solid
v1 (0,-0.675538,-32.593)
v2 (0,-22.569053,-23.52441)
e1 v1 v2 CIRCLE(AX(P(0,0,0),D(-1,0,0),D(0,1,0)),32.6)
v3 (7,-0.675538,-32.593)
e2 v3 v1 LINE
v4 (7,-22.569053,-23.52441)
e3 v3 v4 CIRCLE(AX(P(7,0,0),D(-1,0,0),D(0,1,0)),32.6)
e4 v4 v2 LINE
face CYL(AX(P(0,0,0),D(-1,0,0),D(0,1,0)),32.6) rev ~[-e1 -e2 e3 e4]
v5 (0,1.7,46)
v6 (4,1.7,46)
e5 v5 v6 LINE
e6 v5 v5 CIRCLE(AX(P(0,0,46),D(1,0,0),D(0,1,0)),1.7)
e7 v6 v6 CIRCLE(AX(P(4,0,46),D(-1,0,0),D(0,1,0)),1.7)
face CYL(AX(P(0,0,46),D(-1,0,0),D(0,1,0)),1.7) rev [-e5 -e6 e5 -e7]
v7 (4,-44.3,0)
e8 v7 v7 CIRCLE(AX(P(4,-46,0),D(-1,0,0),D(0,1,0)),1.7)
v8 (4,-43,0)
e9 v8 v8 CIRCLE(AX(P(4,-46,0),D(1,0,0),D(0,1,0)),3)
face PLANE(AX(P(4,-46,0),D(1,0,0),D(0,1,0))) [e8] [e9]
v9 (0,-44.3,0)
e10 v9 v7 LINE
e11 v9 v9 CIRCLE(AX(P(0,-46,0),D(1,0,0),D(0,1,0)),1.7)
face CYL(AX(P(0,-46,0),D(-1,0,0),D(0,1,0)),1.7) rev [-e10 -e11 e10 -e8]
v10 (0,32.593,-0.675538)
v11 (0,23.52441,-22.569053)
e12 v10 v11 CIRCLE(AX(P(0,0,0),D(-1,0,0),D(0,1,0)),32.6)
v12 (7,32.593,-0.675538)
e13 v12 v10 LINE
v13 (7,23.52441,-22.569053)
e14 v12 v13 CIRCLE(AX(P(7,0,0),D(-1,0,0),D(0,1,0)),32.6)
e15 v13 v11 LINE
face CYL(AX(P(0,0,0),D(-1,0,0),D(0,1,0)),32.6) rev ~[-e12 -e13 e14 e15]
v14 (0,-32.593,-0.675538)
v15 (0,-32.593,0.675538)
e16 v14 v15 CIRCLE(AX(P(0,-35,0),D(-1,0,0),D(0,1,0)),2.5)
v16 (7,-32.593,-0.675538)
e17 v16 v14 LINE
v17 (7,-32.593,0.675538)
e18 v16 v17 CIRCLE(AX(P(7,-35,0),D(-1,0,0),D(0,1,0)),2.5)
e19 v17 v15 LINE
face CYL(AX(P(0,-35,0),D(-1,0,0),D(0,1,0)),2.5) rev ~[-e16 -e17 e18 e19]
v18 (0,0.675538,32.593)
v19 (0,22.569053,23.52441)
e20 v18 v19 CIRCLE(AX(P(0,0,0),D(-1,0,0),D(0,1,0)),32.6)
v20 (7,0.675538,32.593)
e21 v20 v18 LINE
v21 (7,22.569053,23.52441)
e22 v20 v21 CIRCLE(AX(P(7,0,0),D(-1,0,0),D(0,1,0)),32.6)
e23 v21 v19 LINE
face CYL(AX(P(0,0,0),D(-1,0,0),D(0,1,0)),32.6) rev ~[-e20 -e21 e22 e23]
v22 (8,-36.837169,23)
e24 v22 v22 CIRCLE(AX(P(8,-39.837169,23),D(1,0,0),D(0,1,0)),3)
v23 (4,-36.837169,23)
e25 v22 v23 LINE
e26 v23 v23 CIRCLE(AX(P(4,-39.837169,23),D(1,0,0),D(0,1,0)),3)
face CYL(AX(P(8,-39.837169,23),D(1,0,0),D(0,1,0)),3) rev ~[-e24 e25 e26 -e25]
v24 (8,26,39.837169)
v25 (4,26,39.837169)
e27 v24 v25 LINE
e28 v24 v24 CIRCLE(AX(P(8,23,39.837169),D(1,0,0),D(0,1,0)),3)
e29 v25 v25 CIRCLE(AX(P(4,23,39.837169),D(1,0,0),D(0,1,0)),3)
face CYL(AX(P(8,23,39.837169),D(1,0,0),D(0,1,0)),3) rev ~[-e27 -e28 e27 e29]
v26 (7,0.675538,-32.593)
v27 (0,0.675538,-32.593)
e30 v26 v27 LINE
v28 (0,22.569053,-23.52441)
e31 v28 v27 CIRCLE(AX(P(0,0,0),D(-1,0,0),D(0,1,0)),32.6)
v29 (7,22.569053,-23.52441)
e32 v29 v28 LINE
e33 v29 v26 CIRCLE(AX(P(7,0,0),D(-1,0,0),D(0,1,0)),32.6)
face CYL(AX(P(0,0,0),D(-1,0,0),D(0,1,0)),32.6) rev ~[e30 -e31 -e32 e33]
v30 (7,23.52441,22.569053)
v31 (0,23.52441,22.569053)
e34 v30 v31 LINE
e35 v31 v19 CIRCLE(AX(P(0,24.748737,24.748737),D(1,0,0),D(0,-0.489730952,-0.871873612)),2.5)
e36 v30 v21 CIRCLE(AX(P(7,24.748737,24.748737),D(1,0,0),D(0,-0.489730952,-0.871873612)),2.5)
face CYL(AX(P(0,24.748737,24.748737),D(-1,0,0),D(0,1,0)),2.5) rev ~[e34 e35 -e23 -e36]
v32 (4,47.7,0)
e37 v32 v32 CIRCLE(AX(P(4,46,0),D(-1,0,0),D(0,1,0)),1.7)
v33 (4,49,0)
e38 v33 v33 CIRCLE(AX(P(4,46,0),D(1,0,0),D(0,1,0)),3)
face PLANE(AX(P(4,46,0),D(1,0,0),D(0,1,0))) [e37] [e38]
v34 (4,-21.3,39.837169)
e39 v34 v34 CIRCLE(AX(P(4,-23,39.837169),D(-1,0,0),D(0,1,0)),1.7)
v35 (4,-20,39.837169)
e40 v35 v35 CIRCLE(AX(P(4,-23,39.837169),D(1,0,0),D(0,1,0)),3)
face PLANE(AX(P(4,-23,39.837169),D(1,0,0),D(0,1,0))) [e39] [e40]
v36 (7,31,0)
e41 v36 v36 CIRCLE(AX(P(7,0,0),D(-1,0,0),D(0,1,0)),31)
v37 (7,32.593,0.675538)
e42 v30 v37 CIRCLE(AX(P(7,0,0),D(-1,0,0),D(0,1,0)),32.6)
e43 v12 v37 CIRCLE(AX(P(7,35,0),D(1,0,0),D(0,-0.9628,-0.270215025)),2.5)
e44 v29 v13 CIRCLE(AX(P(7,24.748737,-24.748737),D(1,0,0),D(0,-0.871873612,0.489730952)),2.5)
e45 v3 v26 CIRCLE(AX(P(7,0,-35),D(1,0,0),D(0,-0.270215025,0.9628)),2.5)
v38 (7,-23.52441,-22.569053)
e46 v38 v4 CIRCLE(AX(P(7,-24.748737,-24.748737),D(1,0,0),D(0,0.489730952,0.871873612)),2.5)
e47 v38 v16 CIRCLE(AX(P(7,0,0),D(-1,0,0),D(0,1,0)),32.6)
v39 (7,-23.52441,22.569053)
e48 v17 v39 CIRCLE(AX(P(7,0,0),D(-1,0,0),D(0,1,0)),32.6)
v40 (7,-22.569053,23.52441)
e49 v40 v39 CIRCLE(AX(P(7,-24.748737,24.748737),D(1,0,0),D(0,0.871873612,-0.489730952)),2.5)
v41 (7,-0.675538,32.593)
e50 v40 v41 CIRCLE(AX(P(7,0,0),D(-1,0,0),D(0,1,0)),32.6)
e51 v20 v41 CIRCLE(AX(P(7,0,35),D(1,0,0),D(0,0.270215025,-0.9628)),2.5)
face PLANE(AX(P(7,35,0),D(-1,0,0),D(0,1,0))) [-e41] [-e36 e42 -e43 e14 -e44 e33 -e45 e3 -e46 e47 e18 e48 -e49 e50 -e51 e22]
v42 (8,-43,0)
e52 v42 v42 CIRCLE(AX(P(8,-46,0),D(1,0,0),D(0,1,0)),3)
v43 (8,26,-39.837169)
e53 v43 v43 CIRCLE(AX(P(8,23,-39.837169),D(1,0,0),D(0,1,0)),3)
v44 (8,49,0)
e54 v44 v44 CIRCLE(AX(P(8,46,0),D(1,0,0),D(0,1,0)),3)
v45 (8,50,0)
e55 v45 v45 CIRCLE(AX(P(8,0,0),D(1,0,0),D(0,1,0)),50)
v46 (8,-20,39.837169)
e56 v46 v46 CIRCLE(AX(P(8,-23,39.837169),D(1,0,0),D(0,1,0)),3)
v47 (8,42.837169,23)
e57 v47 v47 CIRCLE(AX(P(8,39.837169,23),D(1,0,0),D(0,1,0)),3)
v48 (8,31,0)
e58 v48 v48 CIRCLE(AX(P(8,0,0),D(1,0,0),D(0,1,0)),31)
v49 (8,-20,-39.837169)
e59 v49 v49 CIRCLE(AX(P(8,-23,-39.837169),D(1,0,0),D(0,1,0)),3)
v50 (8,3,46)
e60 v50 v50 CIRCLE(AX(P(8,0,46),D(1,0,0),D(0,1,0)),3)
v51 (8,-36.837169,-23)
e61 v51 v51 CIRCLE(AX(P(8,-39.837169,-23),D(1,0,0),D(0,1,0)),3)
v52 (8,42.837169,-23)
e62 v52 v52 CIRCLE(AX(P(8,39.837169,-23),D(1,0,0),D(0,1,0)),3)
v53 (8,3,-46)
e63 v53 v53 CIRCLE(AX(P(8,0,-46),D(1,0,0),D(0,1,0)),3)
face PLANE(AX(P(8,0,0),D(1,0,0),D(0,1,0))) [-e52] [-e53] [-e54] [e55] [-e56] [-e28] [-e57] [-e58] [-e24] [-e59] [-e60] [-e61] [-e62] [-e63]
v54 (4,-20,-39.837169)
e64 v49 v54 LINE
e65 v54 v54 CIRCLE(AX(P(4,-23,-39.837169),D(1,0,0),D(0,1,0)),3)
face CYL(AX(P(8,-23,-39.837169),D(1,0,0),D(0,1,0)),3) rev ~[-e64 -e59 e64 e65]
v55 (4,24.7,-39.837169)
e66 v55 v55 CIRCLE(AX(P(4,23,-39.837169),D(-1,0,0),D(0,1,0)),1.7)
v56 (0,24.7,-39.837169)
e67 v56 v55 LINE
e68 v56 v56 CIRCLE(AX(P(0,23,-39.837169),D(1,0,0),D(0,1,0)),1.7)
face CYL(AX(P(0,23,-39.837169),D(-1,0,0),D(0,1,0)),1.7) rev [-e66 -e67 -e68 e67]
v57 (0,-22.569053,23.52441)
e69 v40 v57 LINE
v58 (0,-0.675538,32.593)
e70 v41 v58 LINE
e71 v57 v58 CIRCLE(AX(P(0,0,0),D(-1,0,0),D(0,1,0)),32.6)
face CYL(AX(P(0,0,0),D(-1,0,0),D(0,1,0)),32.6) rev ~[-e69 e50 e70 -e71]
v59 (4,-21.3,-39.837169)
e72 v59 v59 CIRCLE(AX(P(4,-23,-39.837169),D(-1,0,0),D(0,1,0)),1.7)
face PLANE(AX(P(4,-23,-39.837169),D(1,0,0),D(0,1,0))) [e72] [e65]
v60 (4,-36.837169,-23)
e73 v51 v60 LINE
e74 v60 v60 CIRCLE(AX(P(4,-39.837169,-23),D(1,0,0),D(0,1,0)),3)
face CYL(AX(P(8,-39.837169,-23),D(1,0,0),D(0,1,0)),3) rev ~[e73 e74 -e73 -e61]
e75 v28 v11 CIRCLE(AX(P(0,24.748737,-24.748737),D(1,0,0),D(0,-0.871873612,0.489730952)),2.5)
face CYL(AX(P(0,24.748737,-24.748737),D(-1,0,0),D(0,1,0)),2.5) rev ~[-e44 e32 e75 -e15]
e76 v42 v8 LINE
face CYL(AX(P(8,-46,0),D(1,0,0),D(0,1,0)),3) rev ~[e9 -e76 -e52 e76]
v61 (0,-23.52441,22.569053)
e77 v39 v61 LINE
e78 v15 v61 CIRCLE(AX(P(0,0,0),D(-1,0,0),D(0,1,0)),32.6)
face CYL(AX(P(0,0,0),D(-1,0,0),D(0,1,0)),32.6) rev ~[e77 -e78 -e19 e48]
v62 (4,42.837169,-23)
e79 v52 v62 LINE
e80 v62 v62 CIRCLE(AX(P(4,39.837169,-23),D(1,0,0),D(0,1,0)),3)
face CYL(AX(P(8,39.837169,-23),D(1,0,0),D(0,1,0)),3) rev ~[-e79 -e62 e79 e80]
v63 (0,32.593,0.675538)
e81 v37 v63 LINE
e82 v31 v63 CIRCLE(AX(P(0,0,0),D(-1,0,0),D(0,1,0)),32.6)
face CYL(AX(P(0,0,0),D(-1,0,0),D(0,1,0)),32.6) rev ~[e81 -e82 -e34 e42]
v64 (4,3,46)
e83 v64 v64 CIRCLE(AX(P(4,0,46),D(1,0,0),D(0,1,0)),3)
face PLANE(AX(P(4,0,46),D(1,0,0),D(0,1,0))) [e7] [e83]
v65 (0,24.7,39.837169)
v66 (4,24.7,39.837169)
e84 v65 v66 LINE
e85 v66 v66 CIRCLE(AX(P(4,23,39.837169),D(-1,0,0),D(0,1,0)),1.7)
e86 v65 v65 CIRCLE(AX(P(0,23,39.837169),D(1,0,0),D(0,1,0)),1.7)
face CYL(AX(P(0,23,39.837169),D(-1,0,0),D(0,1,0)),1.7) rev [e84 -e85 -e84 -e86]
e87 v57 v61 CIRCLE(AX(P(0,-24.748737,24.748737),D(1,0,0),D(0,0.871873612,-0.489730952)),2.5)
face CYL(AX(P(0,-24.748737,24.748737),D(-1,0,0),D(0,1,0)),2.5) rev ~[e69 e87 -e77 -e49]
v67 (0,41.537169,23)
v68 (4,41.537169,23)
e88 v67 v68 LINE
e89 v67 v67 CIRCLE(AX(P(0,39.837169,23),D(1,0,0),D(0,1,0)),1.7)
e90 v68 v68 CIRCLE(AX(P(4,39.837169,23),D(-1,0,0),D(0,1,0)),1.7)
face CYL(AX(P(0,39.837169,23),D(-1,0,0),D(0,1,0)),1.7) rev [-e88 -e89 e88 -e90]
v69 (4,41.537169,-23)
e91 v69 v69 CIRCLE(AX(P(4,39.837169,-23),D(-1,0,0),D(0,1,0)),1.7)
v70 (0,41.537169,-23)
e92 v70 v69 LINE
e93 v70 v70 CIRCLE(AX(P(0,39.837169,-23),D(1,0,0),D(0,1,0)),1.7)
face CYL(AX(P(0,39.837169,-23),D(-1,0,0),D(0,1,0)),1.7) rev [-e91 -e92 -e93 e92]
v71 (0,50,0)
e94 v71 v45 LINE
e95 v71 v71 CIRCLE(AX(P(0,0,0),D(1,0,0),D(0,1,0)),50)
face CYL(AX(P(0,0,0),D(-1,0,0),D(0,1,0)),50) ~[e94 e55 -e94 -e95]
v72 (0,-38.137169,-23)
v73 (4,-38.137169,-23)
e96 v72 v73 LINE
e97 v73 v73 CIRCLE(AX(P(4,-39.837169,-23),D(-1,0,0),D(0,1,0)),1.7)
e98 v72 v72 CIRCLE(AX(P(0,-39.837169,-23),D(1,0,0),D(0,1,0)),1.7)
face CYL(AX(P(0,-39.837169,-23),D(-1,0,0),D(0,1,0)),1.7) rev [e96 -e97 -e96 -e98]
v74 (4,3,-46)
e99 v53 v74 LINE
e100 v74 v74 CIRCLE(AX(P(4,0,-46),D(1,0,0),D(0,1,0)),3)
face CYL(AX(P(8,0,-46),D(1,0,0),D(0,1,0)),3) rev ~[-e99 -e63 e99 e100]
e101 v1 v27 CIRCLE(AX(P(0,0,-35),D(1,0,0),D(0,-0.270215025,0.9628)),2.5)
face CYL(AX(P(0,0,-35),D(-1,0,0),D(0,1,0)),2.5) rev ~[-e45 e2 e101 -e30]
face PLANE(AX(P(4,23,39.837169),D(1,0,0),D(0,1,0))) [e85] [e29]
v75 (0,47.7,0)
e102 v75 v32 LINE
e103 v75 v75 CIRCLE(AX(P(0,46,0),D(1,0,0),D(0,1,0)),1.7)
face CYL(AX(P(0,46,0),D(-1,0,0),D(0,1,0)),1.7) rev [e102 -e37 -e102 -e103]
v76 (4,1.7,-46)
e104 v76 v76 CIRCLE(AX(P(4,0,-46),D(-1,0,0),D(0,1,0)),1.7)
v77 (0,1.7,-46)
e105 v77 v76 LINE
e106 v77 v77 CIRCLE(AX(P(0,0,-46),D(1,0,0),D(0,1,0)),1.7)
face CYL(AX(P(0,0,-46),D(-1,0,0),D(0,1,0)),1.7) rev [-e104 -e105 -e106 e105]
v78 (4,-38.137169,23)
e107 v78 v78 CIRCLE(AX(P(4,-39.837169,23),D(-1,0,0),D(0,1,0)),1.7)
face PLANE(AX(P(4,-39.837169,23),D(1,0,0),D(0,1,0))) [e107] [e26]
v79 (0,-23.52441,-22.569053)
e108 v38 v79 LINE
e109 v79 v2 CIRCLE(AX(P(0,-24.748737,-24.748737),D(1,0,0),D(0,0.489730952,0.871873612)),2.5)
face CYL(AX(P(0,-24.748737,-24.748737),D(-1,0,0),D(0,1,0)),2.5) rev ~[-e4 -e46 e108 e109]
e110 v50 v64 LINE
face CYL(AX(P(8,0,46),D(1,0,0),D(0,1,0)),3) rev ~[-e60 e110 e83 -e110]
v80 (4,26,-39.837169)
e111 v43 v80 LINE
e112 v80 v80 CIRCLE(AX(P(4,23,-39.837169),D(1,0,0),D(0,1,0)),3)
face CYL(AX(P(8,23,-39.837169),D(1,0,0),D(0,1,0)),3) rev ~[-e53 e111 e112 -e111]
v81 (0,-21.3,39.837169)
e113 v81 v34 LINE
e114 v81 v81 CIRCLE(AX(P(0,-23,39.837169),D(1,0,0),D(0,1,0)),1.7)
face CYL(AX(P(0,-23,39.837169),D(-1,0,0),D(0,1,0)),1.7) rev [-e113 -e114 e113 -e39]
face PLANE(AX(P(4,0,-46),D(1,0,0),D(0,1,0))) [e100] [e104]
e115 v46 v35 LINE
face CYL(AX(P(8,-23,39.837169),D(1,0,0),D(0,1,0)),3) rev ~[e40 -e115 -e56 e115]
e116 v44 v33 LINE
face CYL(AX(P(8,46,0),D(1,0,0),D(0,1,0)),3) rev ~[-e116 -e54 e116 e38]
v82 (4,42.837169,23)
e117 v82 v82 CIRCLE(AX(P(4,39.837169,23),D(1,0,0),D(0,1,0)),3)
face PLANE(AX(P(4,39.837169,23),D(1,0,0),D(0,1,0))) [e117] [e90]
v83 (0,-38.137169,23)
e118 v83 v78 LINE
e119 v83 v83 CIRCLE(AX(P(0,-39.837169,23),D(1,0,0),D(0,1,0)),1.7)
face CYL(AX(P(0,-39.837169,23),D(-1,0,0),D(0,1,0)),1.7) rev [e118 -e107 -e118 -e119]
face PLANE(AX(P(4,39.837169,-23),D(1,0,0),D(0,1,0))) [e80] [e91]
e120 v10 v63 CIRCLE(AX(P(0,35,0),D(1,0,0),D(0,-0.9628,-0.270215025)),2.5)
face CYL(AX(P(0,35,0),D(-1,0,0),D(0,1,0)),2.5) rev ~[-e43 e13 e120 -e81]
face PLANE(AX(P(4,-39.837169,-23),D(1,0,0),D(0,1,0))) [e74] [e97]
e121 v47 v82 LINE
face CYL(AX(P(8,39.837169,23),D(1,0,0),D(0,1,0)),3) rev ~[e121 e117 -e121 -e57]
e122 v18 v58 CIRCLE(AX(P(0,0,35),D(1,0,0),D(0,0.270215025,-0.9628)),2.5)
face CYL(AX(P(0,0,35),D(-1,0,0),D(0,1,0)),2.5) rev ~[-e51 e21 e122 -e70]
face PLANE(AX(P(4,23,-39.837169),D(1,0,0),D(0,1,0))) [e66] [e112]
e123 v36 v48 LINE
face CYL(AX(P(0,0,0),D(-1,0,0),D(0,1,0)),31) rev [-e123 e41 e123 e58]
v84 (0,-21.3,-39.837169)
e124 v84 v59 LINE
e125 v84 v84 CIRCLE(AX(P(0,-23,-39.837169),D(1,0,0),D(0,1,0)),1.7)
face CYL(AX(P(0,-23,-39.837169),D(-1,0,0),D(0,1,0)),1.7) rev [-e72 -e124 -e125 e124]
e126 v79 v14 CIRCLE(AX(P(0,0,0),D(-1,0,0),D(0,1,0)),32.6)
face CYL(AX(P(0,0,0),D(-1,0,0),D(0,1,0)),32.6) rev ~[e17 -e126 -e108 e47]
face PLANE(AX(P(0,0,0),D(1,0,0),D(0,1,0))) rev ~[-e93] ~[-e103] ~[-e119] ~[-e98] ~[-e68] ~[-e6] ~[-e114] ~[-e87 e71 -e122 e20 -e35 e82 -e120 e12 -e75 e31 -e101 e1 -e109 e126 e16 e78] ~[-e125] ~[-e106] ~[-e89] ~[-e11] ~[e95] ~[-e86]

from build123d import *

# Parameters (mm, degrees)
SKETCH014_R     = 50
SKETCH014_R_2   = 31
SKETCH014_R_3   = 1.7
PAD014_DEPTH    = 8
SKETCH015_R     = 32.6
POCKET_DEPTH    = 7
SKETCH016_R     = 2.5
POCKET001_DEPTH = 7
SKETCH017_R     = 3
POCKET002_DEPTH = 4


with BuildPart() as part:
    # Sketch014 → Pad014 (new body)
    with BuildSketch(Plane.YZ):
        Circle(SKETCH014_R)
        Circle(SKETCH014_R_2, mode=Mode.SUBTRACT)
        with Locations((46, 0)):
            Circle(SKETCH014_R_3, mode=Mode.SUBTRACT)
        with Locations((-46, 0)):
            Circle(SKETCH014_R_3, mode=Mode.SUBTRACT)
        with Locations((0, -46)):
            Circle(SKETCH014_R_3, mode=Mode.SUBTRACT)
        with Locations((0, 46)):
            Circle(SKETCH014_R_3, mode=Mode.SUBTRACT)
        with Locations((-39.837169, 23)):
            Circle(SKETCH014_R_3, mode=Mode.SUBTRACT)
        with Locations((-23, 39.837169)):
            Circle(SKETCH014_R_3, mode=Mode.SUBTRACT)
        with Locations((39.837169, 23)):
            Circle(SKETCH014_R_3, mode=Mode.SUBTRACT)
        with Locations((39.837169, -23)):
            Circle(SKETCH014_R_3, mode=Mode.SUBTRACT)
        with Locations((23, -39.837169)):
            Circle(SKETCH014_R_3, mode=Mode.SUBTRACT)
        with Locations((23, 39.837169)):
            Circle(SKETCH014_R_3, mode=Mode.SUBTRACT)
        with Locations((-23, -39.837169)):
            Circle(SKETCH014_R_3, mode=Mode.SUBTRACT)
        with Locations((-39.837169, -23)):
            Circle(SKETCH014_R_3, mode=Mode.SUBTRACT)
    extrude(amount=PAD014_DEPTH)

    # Sketch015 (on DatumPlane) → Pocket (cut)
    with BuildSketch(Plane(origin=(0, 0, 0), x_dir=(0, 1, 0), z_dir=(-1, 0, 0))):
        Circle(SKETCH015_R)
    extrude(amount=-POCKET_DEPTH, mode=Mode.SUBTRACT)

    # Sketch016 (on DatumPlane) → Pocket001 (cut)
    with BuildSketch(Plane(origin=(0, 0, 0), x_dir=(0, 1, 0), z_dir=(-1, 0, 0))):
        with Locations((0, 35)):
            Circle(SKETCH016_R)
        with Locations((-35, 0)):
            Circle(SKETCH016_R)
        with Locations((0, -35)):
            Circle(SKETCH016_R)
        with Locations((35, 0)):
            Circle(SKETCH016_R)
        with Locations((24.748737, -24.748737)):
            Circle(SKETCH016_R)
        with Locations((-24.748737, -24.748737)):
            Circle(SKETCH016_R)
        with Locations((-24.748737, 24.748737)):
            Circle(SKETCH016_R)
        with Locations((24.748737, 24.748737)):
            Circle(SKETCH016_R)
    extrude(amount=-POCKET001_DEPTH, mode=Mode.SUBTRACT)

    # Sketch017 (on DatumPlane) → Pocket002 (cut)
    with BuildSketch(Plane.YZ.offset(8)):
        with Locations((-46, 0)):
            Circle(SKETCH017_R)
        with Locations((46, 0)):
            Circle(SKETCH017_R)
        with Locations((0, -46)):
            Circle(SKETCH017_R)
        with Locations((0, 46)):
            Circle(SKETCH017_R)
        with Locations((-39.837169, -23)):
            Circle(SKETCH017_R)
        with Locations((-23, -39.837169)):
            Circle(SKETCH017_R)
        with Locations((23, -39.837169)):
            Circle(SKETCH017_R)
        with Locations((39.837169, -23)):
            Circle(SKETCH017_R)
        with Locations((39.837169, 23)):
            Circle(SKETCH017_R)
        with Locations((23, 39.837169)):
            Circle(SKETCH017_R)
        with Locations((-23, 39.837169)):
            Circle(SKETCH017_R)
        with Locations((-39.837169, 23)):
            Circle(SKETCH017_R)
    extrude(amount=-POCKET002_DEPTH, mode=Mode.SUBTRACT)


solid = part.part
